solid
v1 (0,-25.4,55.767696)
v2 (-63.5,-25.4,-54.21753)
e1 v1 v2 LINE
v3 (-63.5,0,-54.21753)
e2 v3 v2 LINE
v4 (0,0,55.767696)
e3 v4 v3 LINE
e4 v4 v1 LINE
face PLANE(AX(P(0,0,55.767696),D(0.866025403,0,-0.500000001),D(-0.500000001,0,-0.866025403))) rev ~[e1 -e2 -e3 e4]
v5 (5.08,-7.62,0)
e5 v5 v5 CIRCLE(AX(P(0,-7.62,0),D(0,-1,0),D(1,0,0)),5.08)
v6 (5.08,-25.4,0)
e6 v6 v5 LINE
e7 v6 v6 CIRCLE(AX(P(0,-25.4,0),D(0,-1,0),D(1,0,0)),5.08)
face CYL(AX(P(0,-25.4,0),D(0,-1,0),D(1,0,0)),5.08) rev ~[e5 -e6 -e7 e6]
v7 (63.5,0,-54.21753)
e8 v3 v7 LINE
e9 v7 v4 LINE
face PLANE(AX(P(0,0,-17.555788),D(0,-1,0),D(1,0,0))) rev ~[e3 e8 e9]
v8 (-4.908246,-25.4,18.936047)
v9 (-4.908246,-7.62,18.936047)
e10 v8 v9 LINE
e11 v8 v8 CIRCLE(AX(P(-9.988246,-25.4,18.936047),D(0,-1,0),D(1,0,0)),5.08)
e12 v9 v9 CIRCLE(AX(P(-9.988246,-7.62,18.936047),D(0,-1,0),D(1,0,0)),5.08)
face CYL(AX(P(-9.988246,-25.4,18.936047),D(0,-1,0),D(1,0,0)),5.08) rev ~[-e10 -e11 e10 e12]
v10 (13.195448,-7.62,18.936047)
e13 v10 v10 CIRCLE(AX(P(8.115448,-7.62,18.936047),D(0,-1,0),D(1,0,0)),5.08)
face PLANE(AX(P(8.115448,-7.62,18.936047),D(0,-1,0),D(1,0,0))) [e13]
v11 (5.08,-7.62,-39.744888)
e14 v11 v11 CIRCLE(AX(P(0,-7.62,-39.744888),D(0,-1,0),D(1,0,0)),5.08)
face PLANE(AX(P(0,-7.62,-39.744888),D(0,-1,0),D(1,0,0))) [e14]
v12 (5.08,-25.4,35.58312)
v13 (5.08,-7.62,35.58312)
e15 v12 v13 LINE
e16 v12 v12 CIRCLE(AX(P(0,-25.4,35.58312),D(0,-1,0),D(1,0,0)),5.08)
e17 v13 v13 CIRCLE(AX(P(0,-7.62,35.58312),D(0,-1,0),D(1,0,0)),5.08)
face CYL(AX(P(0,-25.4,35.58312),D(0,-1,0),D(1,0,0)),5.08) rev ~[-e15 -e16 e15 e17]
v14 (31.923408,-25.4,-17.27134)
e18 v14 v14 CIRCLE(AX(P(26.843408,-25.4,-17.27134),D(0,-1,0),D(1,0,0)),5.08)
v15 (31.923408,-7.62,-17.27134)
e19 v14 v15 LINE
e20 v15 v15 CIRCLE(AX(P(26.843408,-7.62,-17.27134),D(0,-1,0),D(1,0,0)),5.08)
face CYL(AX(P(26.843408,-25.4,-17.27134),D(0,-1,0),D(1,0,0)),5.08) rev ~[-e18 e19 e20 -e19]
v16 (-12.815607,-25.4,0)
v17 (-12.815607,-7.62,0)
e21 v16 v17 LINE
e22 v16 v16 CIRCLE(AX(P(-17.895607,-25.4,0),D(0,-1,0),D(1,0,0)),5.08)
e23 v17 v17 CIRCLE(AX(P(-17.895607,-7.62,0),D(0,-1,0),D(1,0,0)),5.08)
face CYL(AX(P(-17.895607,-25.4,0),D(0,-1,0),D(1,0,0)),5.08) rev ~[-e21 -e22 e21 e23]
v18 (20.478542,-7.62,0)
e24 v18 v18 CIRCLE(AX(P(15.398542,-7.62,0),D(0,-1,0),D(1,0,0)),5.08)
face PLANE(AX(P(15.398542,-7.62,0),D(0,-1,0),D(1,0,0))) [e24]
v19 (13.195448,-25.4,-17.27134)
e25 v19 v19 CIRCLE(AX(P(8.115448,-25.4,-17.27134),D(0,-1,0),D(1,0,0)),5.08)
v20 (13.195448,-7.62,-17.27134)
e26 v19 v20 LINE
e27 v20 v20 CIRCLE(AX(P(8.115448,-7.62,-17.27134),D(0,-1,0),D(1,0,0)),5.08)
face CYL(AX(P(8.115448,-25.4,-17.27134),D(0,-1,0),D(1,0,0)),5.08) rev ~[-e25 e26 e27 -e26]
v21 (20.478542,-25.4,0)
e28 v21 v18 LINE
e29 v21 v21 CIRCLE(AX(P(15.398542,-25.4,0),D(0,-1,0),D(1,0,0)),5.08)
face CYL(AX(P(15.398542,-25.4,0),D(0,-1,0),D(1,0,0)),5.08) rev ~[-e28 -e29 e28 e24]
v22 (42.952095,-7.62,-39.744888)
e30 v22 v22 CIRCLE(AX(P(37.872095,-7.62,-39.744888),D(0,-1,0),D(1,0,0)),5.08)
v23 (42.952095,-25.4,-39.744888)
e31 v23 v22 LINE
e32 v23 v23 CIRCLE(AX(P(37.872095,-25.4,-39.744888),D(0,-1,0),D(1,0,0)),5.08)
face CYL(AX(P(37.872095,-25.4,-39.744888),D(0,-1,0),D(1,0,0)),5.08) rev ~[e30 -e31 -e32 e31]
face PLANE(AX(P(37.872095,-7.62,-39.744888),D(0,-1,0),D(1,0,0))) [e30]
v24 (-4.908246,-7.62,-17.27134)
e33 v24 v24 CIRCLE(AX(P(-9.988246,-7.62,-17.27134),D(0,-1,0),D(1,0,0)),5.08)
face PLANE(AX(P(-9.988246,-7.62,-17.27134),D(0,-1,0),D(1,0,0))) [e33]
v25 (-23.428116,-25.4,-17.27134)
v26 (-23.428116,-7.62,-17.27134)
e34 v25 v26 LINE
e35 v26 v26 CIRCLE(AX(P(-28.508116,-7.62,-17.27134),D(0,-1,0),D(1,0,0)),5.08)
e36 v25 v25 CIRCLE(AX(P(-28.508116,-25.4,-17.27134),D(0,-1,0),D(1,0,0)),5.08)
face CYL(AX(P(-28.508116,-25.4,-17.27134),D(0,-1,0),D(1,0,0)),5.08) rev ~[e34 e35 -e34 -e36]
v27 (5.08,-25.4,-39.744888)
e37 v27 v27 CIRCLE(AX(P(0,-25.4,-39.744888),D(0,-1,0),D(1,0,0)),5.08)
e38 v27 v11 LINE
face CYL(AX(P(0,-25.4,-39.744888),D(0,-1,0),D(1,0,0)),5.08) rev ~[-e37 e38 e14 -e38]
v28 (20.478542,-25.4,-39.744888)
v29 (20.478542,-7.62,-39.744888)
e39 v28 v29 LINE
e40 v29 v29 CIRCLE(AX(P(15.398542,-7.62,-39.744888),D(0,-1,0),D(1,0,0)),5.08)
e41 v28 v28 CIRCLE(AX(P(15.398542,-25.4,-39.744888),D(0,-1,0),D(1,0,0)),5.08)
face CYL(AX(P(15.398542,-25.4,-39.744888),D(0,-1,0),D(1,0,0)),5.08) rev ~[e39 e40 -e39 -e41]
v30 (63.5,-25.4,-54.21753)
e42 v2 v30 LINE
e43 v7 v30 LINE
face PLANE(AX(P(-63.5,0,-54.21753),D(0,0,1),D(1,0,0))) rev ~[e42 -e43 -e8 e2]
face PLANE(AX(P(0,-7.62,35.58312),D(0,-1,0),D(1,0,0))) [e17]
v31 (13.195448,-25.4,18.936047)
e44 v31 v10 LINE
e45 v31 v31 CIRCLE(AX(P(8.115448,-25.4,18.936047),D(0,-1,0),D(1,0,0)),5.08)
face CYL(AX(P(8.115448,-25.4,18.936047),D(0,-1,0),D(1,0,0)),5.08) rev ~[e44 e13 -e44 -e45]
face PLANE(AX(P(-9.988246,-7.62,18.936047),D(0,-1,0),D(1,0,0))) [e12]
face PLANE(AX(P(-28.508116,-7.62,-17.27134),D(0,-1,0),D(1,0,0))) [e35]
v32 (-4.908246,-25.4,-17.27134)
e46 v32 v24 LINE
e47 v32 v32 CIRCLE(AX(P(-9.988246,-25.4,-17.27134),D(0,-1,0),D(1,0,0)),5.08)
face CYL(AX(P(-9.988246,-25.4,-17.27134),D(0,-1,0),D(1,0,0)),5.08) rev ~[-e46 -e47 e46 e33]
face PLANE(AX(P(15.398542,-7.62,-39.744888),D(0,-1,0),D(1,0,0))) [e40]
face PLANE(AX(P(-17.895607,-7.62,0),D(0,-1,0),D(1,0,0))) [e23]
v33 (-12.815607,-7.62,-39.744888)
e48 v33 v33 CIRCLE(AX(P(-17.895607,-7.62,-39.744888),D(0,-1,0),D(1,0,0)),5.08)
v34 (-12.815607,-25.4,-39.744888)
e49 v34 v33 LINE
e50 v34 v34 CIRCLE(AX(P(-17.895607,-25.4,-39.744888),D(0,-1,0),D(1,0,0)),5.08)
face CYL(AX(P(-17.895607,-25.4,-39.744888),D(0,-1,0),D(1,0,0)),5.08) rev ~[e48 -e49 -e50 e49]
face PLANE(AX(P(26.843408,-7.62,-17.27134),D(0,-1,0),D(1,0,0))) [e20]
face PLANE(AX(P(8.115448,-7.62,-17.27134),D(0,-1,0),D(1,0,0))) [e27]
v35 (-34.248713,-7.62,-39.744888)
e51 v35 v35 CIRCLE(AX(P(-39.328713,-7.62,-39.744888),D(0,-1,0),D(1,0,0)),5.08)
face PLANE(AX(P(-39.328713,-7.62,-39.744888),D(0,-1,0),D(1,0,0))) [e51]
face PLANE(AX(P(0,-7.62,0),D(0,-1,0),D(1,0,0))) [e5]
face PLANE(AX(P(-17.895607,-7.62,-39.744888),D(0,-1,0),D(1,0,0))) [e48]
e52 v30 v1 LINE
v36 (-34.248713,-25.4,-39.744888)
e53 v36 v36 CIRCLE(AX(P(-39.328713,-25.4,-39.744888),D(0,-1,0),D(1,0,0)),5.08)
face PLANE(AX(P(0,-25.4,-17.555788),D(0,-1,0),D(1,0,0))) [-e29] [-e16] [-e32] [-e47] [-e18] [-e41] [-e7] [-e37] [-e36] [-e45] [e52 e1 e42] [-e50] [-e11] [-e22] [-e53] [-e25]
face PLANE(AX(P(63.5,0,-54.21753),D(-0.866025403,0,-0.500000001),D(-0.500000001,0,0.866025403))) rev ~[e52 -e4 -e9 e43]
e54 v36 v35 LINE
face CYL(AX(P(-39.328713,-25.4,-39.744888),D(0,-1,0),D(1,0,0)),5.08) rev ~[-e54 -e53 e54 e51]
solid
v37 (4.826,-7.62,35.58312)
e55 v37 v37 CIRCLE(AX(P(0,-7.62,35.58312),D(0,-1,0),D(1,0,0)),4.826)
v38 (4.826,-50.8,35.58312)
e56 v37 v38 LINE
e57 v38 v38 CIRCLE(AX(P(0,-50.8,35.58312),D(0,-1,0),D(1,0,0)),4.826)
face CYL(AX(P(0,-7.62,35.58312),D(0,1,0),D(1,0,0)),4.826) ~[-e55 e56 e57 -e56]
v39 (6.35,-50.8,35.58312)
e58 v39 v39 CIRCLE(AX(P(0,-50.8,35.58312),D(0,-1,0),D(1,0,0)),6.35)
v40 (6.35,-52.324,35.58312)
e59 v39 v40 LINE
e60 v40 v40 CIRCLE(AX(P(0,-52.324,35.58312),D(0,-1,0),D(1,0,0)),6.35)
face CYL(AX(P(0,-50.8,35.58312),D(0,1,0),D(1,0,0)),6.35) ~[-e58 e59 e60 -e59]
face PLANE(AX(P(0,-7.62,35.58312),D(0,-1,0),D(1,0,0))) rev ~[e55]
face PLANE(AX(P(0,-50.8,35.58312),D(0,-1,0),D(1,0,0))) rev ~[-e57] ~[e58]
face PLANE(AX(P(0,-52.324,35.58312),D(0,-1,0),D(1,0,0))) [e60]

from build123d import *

# Parameters (mm, degrees)
F1_DEPTH = 25.4
F2_R     = 5.08
F3_DEPTH = 17.78
F4_R     = 4.826
F5_DEPTH = 43.18
F6_R     = 6.35
F7_DEPTH = 1.524


with BuildPart() as f1:
    # F0 (on Front) → F1 (new body)
    with BuildSketch(Plane.XZ):
        Polygon((63.5, -54.21753), (0, 55.767696), (-63.5, -54.21753), align=None)
    extrude(amount=F1_DEPTH)

    # F2 (on face) → F3 (cut)
    with BuildSketch(Plane.XZ.offset(25.4)):
        with Locations((0, 35.58312)):
            Circle(F2_R)
        with Locations((-9.988246, 18.936047)):
            Circle(F2_R)
        with Locations((8.115448, 18.936047)):
            Circle(F2_R)
        with Locations((-17.895607, 0)):
            Circle(F2_R)
        Circle(F2_R)
        with Locations((15.398542, 0)):
            Circle(F2_R)
        with Locations((-28.508116, -17.27134)):
            Circle(F2_R)
        with Locations((-9.988246, -17.27134)):
            Circle(F2_R)
        with Locations((8.115448, -17.27134)):
            Circle(F2_R)
        with Locations((26.843408, -17.27134)):
            Circle(F2_R)
        with Locations((-39.328713, -39.744888)):
            Circle(F2_R)
        with Locations((-17.895607, -39.744888)):
            Circle(F2_R)
        with Locations((0, -39.744888)):
            Circle(F2_R)
        with Locations((15.398542, -39.744888)):
            Circle(F2_R)
        with Locations((37.872095, -39.744888)):
            Circle(F2_R)
    extrude(amount=-F3_DEPTH, mode=Mode.SUBTRACT)


with BuildPart() as f5:
    # F4 (on face) → F5 (new body)
    with BuildSketch(Plane.XZ.offset(7.62)):
        with Locations((0, 35.58312)):
            Circle(F4_R)
    extrude(amount=F5_DEPTH)

    # F6 (on face) → F7 (join)
    with BuildSketch(Plane.XZ.offset(50.8)):
        with Locations((0, 35.58312)):
            Circle(F6_R)
    extrude(amount=F7_DEPTH)


solid = Compound([f1.part, f5.part])
